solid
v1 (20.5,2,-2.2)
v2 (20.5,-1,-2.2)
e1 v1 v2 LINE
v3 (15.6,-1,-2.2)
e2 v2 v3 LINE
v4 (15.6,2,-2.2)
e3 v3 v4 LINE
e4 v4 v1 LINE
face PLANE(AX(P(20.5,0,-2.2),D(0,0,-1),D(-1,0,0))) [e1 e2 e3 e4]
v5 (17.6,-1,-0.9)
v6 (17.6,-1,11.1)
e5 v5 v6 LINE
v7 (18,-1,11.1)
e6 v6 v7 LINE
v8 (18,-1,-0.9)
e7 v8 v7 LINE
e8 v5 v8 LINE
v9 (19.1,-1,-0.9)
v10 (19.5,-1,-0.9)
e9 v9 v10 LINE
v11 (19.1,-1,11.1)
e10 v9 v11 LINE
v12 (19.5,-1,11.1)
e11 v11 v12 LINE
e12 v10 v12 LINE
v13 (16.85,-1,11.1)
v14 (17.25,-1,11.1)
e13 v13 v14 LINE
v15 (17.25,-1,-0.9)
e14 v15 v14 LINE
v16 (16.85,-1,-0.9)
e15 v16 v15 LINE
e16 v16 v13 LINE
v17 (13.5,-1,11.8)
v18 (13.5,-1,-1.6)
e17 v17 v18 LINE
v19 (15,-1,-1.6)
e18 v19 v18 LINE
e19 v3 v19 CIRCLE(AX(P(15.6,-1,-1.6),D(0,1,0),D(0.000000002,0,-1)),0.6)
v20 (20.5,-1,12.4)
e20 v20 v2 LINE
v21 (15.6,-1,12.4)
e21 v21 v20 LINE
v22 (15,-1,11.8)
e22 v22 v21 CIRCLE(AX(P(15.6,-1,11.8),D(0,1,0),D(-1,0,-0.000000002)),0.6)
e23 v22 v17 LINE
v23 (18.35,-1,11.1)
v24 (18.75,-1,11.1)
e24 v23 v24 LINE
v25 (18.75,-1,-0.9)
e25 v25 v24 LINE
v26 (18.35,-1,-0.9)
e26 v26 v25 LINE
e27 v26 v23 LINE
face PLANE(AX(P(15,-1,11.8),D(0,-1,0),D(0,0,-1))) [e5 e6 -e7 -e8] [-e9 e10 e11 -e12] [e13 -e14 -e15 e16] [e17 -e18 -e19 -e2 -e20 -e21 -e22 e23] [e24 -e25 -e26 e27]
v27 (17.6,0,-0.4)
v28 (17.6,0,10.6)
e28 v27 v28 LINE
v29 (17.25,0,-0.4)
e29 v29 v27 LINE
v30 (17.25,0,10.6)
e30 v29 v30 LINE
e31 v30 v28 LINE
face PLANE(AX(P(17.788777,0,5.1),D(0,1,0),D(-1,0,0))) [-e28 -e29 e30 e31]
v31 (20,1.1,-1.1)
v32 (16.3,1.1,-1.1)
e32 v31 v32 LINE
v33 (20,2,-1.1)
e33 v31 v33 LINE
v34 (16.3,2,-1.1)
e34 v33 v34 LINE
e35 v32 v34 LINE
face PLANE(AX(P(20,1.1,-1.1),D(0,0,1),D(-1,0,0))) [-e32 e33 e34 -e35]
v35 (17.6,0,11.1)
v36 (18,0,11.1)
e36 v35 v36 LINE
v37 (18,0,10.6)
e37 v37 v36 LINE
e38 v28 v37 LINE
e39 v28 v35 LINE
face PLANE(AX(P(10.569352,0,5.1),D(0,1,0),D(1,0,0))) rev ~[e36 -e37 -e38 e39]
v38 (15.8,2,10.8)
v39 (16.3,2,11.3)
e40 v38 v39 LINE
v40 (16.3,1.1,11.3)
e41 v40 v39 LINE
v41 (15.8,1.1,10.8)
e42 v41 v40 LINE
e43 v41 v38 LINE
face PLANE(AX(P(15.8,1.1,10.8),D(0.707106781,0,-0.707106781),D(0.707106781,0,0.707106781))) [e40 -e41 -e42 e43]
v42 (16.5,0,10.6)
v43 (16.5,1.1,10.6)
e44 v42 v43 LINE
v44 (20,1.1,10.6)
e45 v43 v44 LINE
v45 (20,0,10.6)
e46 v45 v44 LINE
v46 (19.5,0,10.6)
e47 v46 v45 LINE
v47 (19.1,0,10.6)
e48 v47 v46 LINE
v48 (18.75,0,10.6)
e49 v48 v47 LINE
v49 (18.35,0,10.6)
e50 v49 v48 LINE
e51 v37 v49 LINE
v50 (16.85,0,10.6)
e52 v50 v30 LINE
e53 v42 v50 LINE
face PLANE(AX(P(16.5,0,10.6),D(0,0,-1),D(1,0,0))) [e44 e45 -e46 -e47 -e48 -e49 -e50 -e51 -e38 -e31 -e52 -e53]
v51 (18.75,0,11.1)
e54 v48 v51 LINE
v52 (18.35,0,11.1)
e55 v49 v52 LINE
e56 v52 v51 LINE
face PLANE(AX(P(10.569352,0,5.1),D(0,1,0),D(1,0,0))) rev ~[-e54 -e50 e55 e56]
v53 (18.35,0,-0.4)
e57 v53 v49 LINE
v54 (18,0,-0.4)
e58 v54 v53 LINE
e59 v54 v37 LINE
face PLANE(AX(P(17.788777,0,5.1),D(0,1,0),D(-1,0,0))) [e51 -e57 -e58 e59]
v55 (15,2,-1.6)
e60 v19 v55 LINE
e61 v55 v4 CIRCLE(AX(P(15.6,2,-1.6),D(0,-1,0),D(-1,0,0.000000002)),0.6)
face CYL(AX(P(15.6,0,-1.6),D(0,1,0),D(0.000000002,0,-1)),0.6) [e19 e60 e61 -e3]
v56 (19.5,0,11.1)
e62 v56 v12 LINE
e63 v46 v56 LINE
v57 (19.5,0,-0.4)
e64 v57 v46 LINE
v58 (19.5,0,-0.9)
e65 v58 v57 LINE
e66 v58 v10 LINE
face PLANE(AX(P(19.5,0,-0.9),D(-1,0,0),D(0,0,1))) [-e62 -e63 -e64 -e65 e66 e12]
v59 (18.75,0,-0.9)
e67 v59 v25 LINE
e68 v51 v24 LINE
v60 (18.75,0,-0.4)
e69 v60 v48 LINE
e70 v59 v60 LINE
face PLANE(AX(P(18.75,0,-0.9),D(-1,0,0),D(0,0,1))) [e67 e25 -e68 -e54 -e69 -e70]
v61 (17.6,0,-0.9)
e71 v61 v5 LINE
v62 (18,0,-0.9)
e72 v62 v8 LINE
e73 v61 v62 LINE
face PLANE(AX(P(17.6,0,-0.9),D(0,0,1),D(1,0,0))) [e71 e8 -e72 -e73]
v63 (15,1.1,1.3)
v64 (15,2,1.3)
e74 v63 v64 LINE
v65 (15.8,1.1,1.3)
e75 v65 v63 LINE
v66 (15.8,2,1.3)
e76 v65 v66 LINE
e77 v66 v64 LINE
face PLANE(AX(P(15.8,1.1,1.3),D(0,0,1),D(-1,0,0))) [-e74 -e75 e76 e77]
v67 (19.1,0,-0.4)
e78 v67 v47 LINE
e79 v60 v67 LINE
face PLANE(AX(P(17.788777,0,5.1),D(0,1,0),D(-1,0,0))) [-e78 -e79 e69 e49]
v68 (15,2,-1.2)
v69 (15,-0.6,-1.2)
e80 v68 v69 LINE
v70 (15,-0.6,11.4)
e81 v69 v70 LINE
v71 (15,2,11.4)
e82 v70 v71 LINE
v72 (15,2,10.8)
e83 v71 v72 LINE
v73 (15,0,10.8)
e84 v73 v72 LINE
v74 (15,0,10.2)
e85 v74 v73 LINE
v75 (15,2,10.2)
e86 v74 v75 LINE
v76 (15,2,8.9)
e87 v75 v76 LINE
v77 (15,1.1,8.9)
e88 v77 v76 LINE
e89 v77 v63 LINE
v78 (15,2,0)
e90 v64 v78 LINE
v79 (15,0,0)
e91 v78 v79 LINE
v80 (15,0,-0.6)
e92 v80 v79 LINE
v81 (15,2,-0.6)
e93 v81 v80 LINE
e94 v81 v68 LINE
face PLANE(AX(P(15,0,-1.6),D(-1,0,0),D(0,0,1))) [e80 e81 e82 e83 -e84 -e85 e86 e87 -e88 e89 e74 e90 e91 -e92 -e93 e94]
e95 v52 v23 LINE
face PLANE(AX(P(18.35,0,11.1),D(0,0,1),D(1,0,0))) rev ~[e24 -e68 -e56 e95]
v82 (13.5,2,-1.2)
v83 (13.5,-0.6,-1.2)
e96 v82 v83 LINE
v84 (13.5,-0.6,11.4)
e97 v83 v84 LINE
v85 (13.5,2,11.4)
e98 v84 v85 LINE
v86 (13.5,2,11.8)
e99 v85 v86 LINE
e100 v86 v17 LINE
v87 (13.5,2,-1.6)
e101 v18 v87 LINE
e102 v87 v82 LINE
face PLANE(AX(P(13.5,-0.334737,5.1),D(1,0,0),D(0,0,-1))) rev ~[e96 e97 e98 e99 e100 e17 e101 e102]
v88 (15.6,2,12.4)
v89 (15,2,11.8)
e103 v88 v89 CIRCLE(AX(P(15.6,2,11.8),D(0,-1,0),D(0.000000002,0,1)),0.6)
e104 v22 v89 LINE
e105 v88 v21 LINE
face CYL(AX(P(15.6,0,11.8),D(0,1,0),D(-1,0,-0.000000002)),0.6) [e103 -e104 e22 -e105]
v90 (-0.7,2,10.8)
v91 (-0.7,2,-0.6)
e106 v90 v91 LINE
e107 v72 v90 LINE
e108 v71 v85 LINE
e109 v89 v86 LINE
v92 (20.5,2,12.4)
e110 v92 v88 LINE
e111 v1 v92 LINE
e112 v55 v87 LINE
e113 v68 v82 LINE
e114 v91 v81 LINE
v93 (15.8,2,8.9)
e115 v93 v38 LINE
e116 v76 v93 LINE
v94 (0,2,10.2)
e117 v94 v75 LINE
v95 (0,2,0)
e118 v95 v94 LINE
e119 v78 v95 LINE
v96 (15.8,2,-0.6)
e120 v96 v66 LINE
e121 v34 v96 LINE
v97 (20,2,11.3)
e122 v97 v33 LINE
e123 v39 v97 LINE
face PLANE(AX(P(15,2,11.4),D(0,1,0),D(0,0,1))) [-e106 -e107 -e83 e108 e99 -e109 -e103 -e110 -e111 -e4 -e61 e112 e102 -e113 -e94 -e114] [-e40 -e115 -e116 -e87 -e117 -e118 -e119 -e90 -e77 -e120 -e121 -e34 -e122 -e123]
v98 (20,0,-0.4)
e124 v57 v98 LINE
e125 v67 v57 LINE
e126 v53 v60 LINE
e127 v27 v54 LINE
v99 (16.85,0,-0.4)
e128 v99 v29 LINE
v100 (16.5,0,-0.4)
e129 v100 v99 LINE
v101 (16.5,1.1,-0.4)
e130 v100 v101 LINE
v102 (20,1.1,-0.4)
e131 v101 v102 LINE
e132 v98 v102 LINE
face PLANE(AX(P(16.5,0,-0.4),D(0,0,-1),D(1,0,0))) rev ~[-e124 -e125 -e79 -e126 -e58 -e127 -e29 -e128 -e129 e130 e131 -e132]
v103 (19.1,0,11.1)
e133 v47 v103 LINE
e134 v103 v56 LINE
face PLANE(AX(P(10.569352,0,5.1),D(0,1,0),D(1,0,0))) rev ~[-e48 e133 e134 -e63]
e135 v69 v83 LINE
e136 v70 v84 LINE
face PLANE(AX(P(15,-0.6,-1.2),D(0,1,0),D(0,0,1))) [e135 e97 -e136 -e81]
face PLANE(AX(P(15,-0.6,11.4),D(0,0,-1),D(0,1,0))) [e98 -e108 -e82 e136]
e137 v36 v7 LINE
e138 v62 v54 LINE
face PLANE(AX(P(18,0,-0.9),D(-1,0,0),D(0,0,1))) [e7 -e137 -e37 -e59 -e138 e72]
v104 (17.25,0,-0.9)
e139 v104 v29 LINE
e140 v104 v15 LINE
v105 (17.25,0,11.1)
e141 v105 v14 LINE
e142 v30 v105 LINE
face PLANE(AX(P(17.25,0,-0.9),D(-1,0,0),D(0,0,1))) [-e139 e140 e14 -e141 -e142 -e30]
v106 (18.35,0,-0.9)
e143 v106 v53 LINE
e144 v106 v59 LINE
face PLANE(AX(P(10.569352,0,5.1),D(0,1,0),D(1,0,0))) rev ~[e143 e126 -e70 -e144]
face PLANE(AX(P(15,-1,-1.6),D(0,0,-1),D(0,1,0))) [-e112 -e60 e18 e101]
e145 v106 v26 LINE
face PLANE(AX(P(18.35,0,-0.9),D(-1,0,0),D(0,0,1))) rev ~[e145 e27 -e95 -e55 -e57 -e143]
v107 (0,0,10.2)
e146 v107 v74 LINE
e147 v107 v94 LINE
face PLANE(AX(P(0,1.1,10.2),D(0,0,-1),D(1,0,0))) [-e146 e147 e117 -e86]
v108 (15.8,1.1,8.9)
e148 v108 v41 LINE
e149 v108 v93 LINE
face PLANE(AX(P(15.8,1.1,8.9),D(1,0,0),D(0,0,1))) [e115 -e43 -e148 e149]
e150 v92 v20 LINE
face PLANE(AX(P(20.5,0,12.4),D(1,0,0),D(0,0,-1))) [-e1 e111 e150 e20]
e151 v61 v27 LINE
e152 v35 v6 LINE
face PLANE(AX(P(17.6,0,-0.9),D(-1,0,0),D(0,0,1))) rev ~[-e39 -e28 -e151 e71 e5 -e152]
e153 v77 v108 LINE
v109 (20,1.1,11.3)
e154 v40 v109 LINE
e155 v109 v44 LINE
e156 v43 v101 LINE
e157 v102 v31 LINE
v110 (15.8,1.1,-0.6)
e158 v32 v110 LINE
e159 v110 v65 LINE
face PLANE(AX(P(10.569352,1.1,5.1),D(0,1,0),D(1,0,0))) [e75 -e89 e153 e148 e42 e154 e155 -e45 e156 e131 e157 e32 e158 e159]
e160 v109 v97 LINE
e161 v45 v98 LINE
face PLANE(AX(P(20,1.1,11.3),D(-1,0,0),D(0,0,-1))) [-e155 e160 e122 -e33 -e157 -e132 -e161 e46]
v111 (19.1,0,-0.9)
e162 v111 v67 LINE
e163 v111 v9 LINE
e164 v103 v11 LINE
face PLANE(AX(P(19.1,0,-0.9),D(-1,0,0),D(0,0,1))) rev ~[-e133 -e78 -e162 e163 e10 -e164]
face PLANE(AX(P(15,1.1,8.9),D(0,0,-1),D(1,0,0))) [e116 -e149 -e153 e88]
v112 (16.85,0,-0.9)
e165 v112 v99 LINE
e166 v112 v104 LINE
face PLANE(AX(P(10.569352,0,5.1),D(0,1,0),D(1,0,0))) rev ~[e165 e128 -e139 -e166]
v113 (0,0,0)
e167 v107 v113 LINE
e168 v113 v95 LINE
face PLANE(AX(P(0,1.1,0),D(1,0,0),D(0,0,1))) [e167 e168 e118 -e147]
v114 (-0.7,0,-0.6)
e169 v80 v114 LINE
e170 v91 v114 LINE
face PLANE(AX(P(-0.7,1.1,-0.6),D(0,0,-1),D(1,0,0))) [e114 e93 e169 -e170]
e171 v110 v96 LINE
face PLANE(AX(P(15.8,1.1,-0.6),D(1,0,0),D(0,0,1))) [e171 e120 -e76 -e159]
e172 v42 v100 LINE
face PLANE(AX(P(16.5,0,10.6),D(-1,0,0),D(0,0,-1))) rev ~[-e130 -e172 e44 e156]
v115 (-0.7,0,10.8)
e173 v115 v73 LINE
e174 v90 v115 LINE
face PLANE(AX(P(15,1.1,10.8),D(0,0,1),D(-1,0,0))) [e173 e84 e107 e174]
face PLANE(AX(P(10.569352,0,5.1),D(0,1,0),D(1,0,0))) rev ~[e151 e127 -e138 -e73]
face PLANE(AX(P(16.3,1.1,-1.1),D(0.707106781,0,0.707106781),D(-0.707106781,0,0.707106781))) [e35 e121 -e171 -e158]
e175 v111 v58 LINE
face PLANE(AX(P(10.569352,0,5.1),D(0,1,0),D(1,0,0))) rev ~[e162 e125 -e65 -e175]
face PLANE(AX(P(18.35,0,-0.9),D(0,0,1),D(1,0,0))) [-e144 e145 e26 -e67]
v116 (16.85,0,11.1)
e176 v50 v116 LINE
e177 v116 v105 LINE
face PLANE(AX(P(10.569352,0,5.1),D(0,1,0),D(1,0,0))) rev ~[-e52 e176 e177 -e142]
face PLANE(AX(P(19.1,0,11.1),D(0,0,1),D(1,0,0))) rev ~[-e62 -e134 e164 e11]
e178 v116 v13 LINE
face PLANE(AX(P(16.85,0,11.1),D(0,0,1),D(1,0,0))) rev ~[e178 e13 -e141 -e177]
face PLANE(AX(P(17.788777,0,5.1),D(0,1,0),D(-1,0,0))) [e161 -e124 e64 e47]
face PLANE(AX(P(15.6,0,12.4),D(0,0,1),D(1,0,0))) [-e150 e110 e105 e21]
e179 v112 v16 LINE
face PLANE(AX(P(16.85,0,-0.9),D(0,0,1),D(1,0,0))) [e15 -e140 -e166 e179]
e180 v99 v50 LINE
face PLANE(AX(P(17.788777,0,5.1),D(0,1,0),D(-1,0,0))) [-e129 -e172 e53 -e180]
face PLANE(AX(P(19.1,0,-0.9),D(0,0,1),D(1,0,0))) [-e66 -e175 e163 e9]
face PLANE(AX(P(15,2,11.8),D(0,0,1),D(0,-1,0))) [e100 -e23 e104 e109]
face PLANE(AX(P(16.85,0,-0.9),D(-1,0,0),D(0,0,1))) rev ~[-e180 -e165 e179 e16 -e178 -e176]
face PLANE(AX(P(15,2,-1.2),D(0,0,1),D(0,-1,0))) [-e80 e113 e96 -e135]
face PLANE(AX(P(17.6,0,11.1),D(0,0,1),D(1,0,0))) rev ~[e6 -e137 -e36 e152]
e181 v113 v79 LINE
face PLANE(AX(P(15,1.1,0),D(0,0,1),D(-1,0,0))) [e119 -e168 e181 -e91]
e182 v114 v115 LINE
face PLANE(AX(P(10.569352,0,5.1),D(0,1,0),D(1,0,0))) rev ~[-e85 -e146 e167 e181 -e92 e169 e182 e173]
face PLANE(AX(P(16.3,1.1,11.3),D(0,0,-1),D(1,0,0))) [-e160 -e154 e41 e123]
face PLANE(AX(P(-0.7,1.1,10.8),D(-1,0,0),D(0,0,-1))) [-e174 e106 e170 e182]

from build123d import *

# Parameters (mm, degrees)
SKETCH_1_W      = 15
SKETCH_1_H      = 10.2
SKETCH_1_W_2    = 3.5
SKETCH_1_H_2    = 11
EXTRUDE_1_DEPTH = 1.1
EXTRUDE_2_DEPTH = 0.9
SKETCH_3_W      = 0.4
SKETCH_3_H      = 12
EXTRUDE_3_DEPTH = 1
EXTRUDE_4_DEPTH = 1.5


with BuildPart() as part:
    # 草图1 → 凸台-拉伸1 (new body)
    with BuildSketch(Plane(origin=(0, 0, 0), x_dir=(1, 0, 0), z_dir=(0, 1, 0))):
        with BuildLine():
            Line((-0.7, 0.6), (-0.7, -10.8))
            Line((-0.7, -10.8), (15, -10.8))
            Line((15, -10.8), (15, -11.8))
            ThreePointArc((15, -11.8), (15.175735931, -12.224264069), (15.6, -12.4))
            Line((15.6, -12.4), (20.5, -12.4))
            Line((20.5, -12.4), (20.5, 2.2))
            Line((20.5, 2.2), (15.6, 2.2))
            ThreePointArc((15.6, 2.2), (15.175735931, 2.024264069), (15, 1.6))
            Line((15, 1.6), (15, 0.6))
            Line((15, 0.6), (-0.7, 0.6))
        make_face()
        with Locations((7.5, -5.1)):
            Rectangle(SKETCH_1_W, SKETCH_1_H, mode=Mode.SUBTRACT)
        with Locations((18.25, -5.1)):
            Rectangle(SKETCH_1_W_2, SKETCH_1_H_2, mode=Mode.SUBTRACT)
    extrude(amount=EXTRUDE_1_DEPTH)

    # 草图2 → 凸台-拉伸2 (add)
    with BuildSketch(Plane(origin=(0, 1.1, 0), x_dir=(1, 0, 0), z_dir=(0, 1, 0))):
        with BuildLine():
            Line((15, -10.8), (-0.7, -10.8))
            Line((-0.7, -10.8), (-0.7, 0.6))
            Line((-0.7, 0.6), (15, 0.6))
            Line((15, 0.6), (15, 1.6))
            ThreePointArc((15, 1.6), (15.175735931, 2.024264069), (15.6, 2.2))
            Line((15.6, 2.2), (20.5, 2.2))
            Line((20.5, 2.2), (20.5, -12.4))
            Line((20.5, -12.4), (15.6, -12.4))
            ThreePointArc((15.6, -12.4), (15.175735931, -12.224264069), (15, -11.8))
            Line((15, -11.8), (15, -10.8))
        make_face()
        Polygon((15, 0), (0, 0), (0, -10.2), (15, -10.2), (15, -8.9), (15.8, -8.9), (15.8, -10.8), (16.3, -11.3), (20, -11.3), (20, 1.1), (16.3, 1.1), (15.8, 0.6), (15.8, -1.3), (15, -1.3), align=None, mode=Mode.SUBTRACT)
    extrude(amount=EXTRUDE_2_DEPTH)

    # 草图3 → 凸台-拉伸3 (add)
    with BuildSketch(Plane.XZ):
        with BuildLine():
            Line((20.5, -2.2), (15.6, -2.2))
            ThreePointArc((15.6, -2.2), (15.175735931, -2.024264069), (15, -1.6))
            Line((15, -1.6), (15, 11.8))
            ThreePointArc((15, 11.8), (15.175735931, 12.224264069), (15.6, 12.4))
            Line((15.6, 12.4), (20.5, 12.4))
            Line((20.5, 12.4), (20.5, -2.2))
        make_face()
        with Locations((17.05, 5.1)):
            Rectangle(SKETCH_3_W, SKETCH_3_H, mode=Mode.SUBTRACT)
        with Locations((17.8, 5.1)):
            Rectangle(SKETCH_3_W, SKETCH_3_H, mode=Mode.SUBTRACT)
        with Locations((18.55, 5.1)):
            Rectangle(SKETCH_3_W, SKETCH_3_H, mode=Mode.SUBTRACT)
        with Locations((19.3, 5.1)):
            Rectangle(SKETCH_3_W, SKETCH_3_H, mode=Mode.SUBTRACT)
    extrude(amount=EXTRUDE_3_DEPTH)

    # 草图4 → 凸台-拉伸4 (add)
    with BuildSketch(Plane.ZY.offset(-15)):
        Polygon((11.8, 2), (11.8, -1), (-1.6, -1), (-1.6, 2), (-1.2, 2), (-1.2, -0.6), (11.4, -0.6), (11.4, 2), align=None)
    extrude(amount=EXTRUDE_4_DEPTH)


solid = part.part
